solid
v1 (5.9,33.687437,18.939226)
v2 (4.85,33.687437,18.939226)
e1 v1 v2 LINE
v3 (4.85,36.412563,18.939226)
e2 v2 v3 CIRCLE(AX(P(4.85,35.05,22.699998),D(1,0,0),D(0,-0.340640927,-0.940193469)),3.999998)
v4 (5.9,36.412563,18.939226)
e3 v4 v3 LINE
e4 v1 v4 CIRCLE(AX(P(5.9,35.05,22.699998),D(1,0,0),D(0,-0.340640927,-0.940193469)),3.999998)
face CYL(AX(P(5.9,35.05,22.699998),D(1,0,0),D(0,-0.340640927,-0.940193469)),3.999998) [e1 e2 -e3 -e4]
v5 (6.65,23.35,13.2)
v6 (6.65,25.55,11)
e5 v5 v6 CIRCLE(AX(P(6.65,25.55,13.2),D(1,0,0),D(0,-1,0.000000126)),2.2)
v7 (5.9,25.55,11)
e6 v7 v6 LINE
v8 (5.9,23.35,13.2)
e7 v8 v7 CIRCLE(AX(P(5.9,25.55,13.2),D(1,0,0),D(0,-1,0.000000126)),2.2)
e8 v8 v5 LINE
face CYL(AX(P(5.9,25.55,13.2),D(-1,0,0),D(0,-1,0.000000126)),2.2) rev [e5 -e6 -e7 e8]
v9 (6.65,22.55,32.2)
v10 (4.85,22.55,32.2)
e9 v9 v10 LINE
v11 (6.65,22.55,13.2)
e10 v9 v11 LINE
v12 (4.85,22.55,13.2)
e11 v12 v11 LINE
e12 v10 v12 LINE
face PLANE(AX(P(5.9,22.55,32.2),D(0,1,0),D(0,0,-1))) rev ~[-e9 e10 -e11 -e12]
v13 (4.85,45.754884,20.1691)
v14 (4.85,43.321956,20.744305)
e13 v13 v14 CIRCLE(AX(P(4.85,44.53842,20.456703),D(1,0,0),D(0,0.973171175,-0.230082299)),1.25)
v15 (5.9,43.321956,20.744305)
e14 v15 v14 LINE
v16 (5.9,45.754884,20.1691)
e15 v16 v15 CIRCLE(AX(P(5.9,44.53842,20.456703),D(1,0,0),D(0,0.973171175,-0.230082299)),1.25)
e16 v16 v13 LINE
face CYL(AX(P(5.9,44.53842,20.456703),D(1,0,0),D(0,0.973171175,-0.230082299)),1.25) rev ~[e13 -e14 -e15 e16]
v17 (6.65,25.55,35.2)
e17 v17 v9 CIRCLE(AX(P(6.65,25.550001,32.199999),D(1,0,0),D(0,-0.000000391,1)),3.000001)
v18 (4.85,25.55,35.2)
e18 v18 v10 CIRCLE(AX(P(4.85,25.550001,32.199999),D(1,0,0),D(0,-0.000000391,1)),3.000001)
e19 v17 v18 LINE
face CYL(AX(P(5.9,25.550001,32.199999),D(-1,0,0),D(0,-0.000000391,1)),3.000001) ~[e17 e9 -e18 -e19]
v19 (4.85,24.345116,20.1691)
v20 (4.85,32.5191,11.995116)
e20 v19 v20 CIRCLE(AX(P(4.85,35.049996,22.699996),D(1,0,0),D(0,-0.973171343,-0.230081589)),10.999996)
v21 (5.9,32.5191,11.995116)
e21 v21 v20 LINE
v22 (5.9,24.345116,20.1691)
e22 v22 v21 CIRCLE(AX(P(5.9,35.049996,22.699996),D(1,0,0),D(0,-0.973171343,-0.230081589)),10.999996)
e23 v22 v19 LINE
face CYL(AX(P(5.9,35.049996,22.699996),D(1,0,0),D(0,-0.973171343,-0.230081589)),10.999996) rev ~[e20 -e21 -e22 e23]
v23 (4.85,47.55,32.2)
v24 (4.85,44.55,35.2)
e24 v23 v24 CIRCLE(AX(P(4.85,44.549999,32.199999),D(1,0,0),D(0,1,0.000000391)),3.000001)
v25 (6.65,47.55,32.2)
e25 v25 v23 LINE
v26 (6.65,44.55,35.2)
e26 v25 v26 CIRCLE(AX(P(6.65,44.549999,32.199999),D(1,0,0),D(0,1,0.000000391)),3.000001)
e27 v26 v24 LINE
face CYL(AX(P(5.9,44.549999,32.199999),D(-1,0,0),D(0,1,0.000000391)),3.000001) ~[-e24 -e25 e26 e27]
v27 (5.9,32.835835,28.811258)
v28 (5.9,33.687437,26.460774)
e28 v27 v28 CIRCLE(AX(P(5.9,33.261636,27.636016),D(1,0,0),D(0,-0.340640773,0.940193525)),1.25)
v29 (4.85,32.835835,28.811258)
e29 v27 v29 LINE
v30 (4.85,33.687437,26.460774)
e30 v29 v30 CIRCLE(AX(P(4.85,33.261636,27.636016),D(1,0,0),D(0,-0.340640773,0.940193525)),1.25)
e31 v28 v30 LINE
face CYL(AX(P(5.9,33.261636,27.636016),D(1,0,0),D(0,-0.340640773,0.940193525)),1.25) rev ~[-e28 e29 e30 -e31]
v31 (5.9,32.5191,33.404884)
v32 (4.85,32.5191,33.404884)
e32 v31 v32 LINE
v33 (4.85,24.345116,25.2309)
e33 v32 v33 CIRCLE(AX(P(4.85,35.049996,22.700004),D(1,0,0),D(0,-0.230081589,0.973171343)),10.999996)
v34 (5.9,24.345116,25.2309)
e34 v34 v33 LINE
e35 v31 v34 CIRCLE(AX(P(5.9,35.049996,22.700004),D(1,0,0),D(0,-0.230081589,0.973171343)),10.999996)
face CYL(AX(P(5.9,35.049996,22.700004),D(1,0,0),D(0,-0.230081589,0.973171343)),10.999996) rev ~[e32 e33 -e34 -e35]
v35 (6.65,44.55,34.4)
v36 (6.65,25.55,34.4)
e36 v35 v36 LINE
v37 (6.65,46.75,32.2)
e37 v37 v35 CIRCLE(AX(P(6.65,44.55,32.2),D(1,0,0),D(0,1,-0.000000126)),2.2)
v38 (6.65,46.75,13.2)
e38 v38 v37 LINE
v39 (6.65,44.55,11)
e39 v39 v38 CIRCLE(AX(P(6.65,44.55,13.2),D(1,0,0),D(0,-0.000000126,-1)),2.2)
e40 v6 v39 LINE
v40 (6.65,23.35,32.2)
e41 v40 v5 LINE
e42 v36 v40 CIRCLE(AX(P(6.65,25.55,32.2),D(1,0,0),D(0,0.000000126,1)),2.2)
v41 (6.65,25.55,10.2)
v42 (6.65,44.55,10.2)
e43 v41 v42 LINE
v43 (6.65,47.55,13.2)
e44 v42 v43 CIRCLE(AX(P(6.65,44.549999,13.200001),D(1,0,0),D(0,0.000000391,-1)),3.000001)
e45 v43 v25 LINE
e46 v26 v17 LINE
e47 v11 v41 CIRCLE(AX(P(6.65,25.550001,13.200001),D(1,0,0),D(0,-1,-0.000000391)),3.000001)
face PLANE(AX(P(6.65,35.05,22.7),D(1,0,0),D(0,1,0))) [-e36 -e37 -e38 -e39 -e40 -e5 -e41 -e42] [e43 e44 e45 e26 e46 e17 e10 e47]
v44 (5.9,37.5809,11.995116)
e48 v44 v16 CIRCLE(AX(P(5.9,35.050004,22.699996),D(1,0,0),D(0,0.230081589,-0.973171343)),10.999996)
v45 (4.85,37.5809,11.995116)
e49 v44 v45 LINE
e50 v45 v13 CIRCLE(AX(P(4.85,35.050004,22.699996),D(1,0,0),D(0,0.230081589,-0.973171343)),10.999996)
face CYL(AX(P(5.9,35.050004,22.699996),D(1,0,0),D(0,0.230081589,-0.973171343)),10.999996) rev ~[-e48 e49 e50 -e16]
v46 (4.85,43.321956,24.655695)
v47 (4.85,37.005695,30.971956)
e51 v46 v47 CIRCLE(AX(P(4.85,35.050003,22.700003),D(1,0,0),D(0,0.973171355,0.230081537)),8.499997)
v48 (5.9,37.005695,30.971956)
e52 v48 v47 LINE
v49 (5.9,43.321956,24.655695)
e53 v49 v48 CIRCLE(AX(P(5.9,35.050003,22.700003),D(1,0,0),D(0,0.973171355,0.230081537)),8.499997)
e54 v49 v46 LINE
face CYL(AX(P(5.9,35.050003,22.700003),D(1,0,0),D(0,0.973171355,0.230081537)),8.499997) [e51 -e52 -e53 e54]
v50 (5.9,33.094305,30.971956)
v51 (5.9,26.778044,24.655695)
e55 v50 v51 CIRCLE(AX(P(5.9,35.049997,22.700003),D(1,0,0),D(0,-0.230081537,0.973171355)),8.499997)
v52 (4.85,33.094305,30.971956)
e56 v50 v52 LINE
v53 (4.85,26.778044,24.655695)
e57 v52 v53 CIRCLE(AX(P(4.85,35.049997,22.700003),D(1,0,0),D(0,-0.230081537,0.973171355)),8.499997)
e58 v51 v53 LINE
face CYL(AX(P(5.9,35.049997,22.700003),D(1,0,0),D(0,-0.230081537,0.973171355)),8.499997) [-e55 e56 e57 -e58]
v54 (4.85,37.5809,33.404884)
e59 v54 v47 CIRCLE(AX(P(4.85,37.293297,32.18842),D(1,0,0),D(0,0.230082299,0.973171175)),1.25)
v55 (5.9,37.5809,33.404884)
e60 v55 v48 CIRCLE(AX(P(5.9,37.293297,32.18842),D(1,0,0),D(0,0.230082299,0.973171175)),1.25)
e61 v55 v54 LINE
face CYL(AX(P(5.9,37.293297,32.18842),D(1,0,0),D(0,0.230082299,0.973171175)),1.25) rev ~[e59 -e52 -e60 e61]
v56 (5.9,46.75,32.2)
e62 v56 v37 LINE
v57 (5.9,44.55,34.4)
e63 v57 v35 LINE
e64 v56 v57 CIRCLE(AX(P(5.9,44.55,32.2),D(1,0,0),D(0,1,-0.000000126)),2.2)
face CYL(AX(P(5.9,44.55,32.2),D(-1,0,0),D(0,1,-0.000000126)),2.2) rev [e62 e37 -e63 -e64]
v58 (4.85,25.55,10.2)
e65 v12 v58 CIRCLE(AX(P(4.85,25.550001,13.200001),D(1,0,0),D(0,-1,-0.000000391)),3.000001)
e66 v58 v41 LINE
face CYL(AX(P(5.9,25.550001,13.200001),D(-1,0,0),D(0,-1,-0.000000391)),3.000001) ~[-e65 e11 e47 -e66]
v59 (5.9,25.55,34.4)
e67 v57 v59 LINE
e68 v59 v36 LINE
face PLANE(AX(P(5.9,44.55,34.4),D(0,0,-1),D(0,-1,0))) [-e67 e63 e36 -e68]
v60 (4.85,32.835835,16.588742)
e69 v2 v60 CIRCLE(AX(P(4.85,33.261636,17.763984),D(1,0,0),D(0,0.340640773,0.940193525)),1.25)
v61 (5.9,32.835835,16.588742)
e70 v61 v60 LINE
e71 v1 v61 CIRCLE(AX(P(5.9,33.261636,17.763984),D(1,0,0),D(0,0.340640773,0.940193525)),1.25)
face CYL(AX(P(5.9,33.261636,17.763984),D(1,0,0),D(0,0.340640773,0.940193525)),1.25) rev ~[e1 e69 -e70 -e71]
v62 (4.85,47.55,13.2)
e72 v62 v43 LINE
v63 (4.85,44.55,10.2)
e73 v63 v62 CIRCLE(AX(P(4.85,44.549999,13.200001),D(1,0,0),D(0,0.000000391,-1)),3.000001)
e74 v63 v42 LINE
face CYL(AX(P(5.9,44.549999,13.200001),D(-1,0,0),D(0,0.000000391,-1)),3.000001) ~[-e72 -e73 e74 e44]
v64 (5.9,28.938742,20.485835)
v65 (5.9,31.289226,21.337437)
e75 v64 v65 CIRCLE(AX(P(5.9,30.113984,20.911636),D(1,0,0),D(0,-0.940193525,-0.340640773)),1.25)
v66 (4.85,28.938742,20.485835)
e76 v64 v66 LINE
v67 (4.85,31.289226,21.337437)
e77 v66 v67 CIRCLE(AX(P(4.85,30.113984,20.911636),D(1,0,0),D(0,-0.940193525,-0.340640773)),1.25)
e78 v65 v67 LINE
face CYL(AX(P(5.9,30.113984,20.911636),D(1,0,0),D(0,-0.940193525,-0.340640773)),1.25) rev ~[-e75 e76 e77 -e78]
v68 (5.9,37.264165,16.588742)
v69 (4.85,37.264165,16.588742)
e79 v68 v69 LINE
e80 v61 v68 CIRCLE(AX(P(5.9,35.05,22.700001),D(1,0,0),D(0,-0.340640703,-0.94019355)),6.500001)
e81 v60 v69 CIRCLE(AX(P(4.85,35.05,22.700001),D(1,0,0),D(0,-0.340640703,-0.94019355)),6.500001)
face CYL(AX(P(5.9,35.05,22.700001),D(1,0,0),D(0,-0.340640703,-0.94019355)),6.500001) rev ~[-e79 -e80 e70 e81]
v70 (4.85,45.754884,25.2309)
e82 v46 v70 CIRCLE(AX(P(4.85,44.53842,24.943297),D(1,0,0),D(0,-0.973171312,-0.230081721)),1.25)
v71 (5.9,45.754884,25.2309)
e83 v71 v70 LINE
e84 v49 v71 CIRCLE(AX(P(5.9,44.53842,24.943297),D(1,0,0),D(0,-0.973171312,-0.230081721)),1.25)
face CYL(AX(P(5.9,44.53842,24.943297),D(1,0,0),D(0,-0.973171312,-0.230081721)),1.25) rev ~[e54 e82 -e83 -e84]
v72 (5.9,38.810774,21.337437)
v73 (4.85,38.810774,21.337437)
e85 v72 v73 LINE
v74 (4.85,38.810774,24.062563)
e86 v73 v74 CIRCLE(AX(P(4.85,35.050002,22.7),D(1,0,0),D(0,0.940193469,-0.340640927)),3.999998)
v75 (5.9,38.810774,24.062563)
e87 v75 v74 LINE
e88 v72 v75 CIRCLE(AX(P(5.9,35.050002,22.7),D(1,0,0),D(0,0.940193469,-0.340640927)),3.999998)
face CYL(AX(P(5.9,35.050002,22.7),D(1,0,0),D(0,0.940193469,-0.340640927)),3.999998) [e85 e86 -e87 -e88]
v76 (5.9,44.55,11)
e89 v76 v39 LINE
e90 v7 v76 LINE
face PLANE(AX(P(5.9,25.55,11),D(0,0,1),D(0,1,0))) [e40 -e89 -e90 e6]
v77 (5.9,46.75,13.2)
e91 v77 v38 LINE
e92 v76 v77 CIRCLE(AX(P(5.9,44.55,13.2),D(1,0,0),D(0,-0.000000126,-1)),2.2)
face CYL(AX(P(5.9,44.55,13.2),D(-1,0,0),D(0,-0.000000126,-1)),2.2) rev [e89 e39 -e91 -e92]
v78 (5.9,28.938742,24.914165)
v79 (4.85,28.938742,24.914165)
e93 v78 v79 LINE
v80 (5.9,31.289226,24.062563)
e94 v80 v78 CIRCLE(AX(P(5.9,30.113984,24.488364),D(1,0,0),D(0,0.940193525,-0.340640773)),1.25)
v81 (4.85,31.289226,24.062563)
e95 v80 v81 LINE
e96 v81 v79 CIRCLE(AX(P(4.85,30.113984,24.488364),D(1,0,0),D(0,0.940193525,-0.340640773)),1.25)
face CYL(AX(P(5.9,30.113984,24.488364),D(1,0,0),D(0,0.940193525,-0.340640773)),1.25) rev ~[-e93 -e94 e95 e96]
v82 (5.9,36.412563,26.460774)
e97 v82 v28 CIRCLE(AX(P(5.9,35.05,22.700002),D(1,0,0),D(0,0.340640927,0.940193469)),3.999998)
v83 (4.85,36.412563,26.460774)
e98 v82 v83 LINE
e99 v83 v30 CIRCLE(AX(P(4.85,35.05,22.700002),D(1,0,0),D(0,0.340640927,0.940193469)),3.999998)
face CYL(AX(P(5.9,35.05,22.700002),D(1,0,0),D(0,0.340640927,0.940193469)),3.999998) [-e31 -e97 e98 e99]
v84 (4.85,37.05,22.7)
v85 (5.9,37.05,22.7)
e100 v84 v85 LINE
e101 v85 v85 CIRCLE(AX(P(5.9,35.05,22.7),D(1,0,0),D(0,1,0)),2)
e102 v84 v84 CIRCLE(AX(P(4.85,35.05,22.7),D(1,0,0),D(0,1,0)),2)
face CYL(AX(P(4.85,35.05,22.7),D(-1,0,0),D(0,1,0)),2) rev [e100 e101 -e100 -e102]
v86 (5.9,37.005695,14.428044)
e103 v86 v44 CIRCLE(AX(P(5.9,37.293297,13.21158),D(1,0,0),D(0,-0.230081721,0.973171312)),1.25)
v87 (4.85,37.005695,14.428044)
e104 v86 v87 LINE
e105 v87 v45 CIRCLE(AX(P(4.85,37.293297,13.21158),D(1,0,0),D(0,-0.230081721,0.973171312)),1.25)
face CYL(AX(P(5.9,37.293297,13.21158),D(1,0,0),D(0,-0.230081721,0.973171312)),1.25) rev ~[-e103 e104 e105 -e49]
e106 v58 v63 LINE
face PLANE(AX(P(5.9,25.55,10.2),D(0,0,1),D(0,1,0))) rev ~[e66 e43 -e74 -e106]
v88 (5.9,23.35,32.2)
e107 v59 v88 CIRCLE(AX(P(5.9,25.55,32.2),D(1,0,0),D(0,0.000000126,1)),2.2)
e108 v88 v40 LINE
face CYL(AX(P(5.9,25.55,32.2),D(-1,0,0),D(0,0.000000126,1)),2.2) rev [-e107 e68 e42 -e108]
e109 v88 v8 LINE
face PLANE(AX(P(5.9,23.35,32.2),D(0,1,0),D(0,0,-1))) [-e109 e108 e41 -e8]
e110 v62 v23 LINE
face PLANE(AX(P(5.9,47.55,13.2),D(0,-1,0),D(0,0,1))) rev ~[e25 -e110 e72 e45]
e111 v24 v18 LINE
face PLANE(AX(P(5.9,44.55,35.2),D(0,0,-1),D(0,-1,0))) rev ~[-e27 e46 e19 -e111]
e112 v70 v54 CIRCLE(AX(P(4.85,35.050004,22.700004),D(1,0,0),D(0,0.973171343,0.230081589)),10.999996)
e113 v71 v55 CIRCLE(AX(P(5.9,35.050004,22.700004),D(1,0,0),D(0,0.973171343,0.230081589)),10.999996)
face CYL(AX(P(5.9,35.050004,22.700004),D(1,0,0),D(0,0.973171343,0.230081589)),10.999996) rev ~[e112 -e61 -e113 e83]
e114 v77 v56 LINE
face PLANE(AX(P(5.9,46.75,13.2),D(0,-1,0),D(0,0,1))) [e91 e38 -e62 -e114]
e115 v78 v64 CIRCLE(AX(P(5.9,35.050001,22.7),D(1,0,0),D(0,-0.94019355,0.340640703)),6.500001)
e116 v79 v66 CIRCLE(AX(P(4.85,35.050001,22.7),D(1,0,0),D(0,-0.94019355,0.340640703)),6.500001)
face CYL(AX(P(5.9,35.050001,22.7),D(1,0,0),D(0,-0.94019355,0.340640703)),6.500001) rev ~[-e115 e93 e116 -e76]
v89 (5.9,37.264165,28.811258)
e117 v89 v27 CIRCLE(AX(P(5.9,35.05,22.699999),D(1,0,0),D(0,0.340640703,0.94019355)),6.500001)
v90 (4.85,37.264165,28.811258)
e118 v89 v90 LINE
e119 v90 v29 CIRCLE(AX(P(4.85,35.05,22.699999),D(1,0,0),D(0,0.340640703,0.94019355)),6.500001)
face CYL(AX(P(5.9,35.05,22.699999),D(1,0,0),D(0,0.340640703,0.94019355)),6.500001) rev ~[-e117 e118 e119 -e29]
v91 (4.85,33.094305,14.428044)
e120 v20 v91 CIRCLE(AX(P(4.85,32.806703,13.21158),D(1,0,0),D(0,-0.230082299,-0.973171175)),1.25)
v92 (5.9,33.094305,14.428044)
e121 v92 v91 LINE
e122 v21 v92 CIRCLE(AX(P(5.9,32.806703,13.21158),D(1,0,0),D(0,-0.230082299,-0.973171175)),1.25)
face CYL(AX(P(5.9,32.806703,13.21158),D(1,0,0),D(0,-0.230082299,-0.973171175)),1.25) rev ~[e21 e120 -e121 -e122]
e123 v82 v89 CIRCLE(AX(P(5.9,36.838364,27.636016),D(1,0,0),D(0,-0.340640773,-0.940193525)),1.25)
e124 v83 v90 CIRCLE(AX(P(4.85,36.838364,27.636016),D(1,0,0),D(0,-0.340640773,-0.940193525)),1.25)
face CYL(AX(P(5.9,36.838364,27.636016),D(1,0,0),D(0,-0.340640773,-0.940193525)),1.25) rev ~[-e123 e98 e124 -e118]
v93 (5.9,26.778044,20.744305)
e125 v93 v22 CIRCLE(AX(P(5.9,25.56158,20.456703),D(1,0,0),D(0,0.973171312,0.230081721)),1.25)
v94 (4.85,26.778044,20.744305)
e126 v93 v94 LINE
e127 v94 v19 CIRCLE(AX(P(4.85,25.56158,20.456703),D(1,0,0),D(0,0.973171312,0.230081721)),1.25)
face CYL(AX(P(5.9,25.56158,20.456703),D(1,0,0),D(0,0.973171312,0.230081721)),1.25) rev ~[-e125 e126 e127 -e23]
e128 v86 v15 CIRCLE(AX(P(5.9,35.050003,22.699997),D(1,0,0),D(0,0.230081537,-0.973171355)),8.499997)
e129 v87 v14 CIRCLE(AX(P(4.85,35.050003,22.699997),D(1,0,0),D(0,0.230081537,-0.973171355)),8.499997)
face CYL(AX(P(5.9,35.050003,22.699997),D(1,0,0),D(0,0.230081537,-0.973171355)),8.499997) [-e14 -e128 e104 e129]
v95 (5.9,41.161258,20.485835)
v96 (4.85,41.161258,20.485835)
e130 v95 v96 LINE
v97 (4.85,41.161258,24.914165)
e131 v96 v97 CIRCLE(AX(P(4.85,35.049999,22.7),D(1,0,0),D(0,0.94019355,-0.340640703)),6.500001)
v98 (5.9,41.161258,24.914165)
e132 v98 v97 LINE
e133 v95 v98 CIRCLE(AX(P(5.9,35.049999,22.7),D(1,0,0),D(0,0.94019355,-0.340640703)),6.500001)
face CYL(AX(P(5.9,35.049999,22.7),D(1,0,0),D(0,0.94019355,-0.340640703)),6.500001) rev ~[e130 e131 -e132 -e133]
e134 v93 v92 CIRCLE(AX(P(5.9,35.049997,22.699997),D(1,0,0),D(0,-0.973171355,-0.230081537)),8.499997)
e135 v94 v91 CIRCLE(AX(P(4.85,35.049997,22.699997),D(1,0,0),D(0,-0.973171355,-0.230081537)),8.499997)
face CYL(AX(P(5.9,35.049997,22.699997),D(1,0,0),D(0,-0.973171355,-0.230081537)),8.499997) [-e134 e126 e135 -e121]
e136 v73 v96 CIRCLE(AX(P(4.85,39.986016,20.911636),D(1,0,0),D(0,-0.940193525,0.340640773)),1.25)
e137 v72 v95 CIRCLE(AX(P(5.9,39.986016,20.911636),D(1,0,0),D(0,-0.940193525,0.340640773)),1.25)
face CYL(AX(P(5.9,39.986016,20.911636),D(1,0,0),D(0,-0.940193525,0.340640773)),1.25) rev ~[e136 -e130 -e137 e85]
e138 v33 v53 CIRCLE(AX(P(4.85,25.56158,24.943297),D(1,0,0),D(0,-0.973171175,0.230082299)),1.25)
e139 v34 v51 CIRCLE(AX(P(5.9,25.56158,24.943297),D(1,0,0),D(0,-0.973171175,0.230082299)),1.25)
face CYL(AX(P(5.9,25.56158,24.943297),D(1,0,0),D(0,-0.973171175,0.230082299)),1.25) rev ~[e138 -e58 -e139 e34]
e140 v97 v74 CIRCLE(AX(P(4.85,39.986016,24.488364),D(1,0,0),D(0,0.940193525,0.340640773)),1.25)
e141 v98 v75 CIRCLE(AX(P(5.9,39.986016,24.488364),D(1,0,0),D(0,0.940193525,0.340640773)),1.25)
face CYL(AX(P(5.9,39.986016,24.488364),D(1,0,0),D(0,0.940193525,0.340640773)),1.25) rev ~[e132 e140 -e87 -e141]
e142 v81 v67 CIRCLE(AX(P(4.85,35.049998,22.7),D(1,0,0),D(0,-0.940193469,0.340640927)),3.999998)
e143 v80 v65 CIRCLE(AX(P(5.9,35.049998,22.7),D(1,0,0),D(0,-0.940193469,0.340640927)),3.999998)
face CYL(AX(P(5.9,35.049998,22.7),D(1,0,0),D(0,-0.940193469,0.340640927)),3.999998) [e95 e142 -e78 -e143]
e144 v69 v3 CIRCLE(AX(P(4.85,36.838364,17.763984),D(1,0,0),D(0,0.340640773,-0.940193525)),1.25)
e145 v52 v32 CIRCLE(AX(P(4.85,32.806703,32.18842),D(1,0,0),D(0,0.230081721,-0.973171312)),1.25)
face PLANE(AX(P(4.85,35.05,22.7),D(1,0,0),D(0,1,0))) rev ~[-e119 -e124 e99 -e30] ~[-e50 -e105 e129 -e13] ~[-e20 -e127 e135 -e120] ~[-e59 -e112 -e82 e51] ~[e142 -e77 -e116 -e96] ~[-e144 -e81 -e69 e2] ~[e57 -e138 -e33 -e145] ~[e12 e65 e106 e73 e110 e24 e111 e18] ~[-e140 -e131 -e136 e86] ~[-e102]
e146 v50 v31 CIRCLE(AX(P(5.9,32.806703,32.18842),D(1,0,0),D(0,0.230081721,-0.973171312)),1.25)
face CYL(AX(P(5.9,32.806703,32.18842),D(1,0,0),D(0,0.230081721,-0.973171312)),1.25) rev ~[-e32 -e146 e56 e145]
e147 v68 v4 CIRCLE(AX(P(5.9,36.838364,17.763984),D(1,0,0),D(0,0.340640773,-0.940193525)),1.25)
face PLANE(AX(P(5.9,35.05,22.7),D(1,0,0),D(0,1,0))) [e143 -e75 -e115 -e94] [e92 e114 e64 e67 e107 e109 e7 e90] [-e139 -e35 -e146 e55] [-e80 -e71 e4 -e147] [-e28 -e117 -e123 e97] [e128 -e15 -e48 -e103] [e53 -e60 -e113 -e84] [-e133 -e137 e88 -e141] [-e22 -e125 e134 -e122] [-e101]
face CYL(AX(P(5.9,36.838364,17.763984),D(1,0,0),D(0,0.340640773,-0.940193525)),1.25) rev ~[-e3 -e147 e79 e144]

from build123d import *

# Parameters (mm, degrees)
SKETCH028_R           = 2
PAD011_DEPTH          = 1.05
POCKET023_DEPTH       = 71.792855
POLARPATTERN_COUNT    = 4
POCKET024_DEPTH       = 71.792855
POLARPATTERN001_COUNT = 4
PAD012_DEPTH          = 0.75


with BuildPart() as part:
    # Sketch028 → Pad011 (new body)
    with BuildSketch(Plane.YZ):
        with BuildLine():
            Line((-12.5, 9.5), (-12.5, -9.5))
            ThreePointArc((-12.5, -9.5), (-11.62132, -11.62132), (-9.5, -12.5))
            Line((-9.5, -12.5), (9.5, -12.5))
            ThreePointArc((9.5, -12.5), (11.62132, -11.62132), (12.5, -9.5))
            Line((12.5, -9.5), (12.5, 9.5))
            ThreePointArc((12.5, 9.5), (11.62132, 11.62132), (9.5, 12.5))
            Line((9.5, 12.5), (-9.5, 12.5))
            ThreePointArc((-9.5, 12.5), (-11.62132, 11.62132), (-12.5, 9.5))
        make_face()
        Circle(SKETCH028_R, mode=Mode.SUBTRACT)
    extrude(amount=PAD011_DEPTH)

    # Sketch029 (on Face11 of Pad011) → Pocket023 (cut, through all)
    with BuildSketch(Plane.YZ.offset(1.05)):
        with BuildLine():
            ThreePointArc((1.362563, 3.760774), (0, 4), (-1.362563, 3.760774))
            ThreePointArc((-2.214165, 6.111258), (-2.963606, 4.510215), (-1.362563, 3.760774))
            ThreePointArc((2.214165, 6.111258), (0, 6.5), (-2.214165, 6.111258))
            ThreePointArc((1.362563, 3.760774), (2.963606, 4.510215), (2.214165, 6.111258))
        make_face()
    pocket023 = extrude(amount=-POCKET023_DEPTH, mode=Mode.SUBTRACT)

    # PolarPattern: Pocket023 ×4 about axis
    polarpattern_axis = Axis((1.05, 0, 0), (1, 0, 0))
    for i in range(1, POLARPATTERN_COUNT):
        add(pocket023.rotate(polarpattern_axis, i * 360 / POLARPATTERN_COUNT), mode=Mode.SUBTRACT)

    # Sketch030 (on Face5 of PolarPattern) → Pocket024 (cut, through all)
    with BuildSketch(Plane.YZ.offset(1.05)):
        with BuildLine():
            ThreePointArc((-1.955695, 8.271956), (-6.010408, 6.010408), (-8.271956, 1.955695))
            ThreePointArc((-10.704884, 2.5309), (-9.776022, 1.026833), (-8.271956, 1.955695))
            ThreePointArc((-2.5309, 10.704884), (-7.778175, 7.778175), (-10.704884, 2.5309))
            ThreePointArc((-1.955695, 8.271956), (-1.026833, 9.776022), (-2.5309, 10.704884))
        make_face()
    pocket024 = extrude(amount=-POCKET024_DEPTH, mode=Mode.SUBTRACT)

    # PolarPattern001: Pocket024 ×4 about axis
    polarpattern001_axis = Axis((1.05, 0, 0), (1, 0, 0))
    for i in range(1, POLARPATTERN001_COUNT):
        add(pocket024.rotate(polarpattern001_axis, i * 360 / POLARPATTERN001_COUNT), mode=Mode.SUBTRACT)

    # Sketch031 (on Face5 of PolarPattern001) → Pad012 (join)
    with BuildSketch(Plane.YZ.offset(1.05)):
        with BuildLine():
            Line((-12.5, 9.5), (-12.5, -9.5))
            ThreePointArc((-12.5, -9.5), (-11.62132, -11.62132), (-9.5, -12.5))
            Line((-9.5, -12.5), (9.5, -12.5))
            ThreePointArc((9.5, -12.5), (11.62132, -11.62132), (12.5, -9.5))
            Line((12.5, -9.5), (12.5, 9.5))
            ThreePointArc((12.5, 9.5), (11.62132, 11.62132), (9.5, 12.5))
            Line((9.5, 12.5), (-9.5, 12.5))
            ThreePointArc((-9.5, 12.5), (-11.62132, 11.62132), (-12.5, 9.5))
        make_face()
        with BuildLine():
            Line((-11.7, 9.5), (-11.7, -9.5))
            ThreePointArc((-11.7, -9.5), (-11.055635, -11.055635), (-9.5, -11.7))
            Line((-9.5, -11.7), (9.5, -11.7))
            ThreePointArc((9.5, -11.7), (11.055635, -11.055635), (11.7, -9.5))
            Line((11.7, -9.5), (11.7, 9.5))
            ThreePointArc((11.7, 9.5), (11.055635, 11.055635), (9.5, 11.7))
            Line((9.5, 11.7), (-9.5, 11.7))
            ThreePointArc((-9.5, 11.7), (-11.055635, 11.055635), (-11.7, 9.5))
        make_face(mode=Mode.SUBTRACT)
    extrude(amount=PAD012_DEPTH)


with BuildPart() as part_1:
    # Body009 placement: moved
    add(part.part.moved(Location((4.85, 35.05, 22.7))))


solid = part_1.part
